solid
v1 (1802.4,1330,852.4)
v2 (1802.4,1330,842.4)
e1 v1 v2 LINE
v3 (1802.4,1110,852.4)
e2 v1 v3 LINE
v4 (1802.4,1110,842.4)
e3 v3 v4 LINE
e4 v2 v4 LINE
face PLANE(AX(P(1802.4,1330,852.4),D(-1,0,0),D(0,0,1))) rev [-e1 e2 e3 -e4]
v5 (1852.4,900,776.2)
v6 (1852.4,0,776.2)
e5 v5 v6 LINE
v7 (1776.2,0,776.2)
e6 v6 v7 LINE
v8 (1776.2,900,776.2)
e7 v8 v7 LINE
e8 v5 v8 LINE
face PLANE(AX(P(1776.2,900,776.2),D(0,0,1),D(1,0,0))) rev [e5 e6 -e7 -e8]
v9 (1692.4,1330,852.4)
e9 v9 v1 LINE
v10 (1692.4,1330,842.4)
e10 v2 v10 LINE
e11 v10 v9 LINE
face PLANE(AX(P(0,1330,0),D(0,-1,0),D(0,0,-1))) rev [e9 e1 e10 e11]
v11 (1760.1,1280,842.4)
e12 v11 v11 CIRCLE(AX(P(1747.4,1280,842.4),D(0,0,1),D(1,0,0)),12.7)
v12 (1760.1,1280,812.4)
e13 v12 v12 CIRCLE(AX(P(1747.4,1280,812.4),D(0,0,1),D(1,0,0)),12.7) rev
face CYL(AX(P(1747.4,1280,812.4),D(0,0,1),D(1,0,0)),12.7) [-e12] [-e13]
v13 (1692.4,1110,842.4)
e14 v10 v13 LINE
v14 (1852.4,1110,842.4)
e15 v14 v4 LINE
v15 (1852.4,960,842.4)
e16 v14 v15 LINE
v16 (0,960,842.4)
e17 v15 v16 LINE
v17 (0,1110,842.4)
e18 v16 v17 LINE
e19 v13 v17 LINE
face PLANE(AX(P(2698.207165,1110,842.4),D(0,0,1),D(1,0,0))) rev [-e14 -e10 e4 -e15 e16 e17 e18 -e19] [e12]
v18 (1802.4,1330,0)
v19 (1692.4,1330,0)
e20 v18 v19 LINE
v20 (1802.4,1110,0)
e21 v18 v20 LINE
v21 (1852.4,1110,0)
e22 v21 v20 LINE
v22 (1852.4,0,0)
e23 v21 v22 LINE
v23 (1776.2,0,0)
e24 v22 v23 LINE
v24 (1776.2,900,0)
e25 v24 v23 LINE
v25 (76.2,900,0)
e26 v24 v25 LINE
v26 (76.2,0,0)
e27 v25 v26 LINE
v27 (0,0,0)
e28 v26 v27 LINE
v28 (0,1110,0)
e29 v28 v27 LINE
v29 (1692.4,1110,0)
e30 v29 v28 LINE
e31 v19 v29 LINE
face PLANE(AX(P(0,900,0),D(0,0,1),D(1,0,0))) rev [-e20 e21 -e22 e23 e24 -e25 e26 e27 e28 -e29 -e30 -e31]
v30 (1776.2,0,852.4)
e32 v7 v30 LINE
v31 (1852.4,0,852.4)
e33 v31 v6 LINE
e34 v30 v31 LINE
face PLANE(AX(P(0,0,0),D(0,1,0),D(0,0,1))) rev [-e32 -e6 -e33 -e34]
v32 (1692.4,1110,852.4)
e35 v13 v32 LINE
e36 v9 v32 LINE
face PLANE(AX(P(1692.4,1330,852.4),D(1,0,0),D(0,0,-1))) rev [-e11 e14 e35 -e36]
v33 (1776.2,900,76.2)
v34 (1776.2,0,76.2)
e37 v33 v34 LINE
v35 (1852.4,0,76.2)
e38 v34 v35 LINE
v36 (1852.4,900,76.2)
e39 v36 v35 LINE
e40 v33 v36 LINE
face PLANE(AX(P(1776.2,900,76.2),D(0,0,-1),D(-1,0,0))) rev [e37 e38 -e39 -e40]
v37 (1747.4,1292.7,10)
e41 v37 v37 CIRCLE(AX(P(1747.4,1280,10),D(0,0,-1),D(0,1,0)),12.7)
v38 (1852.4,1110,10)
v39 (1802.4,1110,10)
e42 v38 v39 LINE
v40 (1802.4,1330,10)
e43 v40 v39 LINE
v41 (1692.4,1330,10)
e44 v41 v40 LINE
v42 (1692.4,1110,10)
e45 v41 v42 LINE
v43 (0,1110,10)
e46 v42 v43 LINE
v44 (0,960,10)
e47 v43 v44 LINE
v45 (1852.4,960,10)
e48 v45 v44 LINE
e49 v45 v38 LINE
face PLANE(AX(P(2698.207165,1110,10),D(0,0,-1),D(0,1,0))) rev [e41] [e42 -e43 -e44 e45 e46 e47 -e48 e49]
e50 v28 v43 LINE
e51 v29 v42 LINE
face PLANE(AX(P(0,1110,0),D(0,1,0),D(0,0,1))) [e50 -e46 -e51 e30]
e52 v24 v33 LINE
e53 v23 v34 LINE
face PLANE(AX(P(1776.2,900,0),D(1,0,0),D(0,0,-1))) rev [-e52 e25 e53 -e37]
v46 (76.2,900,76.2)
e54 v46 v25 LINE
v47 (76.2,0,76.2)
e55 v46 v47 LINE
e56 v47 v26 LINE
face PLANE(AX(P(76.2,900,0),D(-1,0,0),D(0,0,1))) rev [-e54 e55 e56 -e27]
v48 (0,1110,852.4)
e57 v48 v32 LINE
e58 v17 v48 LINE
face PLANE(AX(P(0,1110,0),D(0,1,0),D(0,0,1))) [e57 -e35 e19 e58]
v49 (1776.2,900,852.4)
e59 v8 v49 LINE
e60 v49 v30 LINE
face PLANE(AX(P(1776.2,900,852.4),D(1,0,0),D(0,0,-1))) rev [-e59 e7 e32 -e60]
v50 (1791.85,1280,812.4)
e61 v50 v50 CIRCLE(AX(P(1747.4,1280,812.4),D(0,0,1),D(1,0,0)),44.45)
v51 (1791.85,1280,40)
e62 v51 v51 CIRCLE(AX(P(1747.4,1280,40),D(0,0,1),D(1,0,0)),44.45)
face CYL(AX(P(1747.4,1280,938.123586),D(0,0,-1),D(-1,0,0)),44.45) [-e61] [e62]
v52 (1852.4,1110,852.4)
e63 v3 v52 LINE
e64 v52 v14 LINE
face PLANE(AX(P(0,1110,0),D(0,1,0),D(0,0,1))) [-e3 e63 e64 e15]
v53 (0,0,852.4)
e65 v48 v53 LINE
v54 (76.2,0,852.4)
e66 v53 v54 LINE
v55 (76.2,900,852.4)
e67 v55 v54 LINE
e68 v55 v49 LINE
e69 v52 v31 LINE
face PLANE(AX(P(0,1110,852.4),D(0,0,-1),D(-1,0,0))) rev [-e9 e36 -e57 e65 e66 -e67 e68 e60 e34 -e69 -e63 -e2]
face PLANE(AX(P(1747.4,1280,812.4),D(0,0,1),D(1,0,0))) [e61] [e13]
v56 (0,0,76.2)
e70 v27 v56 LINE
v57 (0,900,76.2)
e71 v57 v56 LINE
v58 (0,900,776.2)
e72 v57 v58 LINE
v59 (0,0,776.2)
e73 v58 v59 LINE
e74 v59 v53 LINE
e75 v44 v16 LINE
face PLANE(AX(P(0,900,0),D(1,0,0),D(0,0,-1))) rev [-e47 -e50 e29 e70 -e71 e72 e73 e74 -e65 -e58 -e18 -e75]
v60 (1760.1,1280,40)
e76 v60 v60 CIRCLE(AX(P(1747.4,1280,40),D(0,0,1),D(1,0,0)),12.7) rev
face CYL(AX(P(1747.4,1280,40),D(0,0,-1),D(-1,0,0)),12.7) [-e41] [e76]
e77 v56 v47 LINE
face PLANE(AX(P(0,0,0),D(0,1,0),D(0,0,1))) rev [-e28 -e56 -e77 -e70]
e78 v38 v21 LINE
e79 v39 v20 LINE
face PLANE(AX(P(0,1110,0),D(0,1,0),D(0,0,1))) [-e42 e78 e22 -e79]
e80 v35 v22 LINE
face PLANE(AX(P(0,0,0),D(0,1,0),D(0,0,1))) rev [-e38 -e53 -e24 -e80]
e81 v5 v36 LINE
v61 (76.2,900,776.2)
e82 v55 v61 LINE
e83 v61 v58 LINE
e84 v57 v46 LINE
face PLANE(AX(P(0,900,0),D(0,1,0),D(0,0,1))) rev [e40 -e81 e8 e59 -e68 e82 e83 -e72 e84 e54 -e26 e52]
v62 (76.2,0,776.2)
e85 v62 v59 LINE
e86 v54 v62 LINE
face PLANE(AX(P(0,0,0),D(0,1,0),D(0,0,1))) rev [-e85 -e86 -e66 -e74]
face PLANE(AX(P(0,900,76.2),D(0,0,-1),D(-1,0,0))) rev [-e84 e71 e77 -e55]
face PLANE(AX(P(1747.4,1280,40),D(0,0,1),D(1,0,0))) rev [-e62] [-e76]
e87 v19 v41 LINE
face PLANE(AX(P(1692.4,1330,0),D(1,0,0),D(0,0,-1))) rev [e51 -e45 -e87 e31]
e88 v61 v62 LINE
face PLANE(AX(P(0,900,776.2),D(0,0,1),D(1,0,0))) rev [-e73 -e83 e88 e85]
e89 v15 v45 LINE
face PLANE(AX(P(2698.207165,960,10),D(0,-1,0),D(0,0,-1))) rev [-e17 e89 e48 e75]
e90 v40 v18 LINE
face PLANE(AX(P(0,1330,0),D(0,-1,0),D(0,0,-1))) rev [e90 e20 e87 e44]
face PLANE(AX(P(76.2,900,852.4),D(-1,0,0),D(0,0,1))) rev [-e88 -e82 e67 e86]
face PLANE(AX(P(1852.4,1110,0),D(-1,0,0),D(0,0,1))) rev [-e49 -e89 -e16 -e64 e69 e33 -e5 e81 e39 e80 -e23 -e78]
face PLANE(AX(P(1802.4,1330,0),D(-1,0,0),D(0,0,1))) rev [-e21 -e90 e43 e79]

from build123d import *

# Parameters (mm, degrees)
CROQUIS2_W                = 76.2
CROQUIS2_H                = 76.2
SALIENTE_EXTRUIR1_DEPTH   = 900
SALIENTE_EXTRUIR1_2_DEPTH = 900
SALIENTE_EXTRUIR1_3_DEPTH = 900
SALIENTE_EXTRUIR1_4_DEPTH = 900
CROQUIS3_W                = 1852.4
CROQUIS3_H                = 852.4
SALIENTE_EXTRUIR2_DEPTH   = 210
CROQUIS4_W                = 832.4
CROQUIS4_H                = 150
CORTAR_EXTRUIR1_DEPTH     = 1852.4
CROQUIS5_W                = 110
CROQUIS5_H                = 10
SALIENTE_EXTRUIR3_DEPTH   = 220
CROQUIS6_R                = 12.7
SALIENTE_EXTRUIR4_DEPTH   = 40
SALIENTE_EXTRUIR5_START   = -40
CROQUIS7_R                = 12.7
SALIENTE_EXTRUIR5_DEPTH   = 40
CROQUIS8_R                = 44.45
SALIENTE_EXTRUIR6_DEPTH   = 772.4


with BuildPart() as part:
    # Croquis2 → Saliente-Extruir1 (new body)
    with BuildSketch(Plane(origin=(0, 0, 0), x_dir=(1, 0, 0), z_dir=(0, 1, 0))):
        with Locations((38.1, -38.1)):
            Rectangle(CROQUIS2_W, CROQUIS2_H)
    extrude(amount=SALIENTE_EXTRUIR1_DEPTH)



with BuildPart() as body_2:
    # Croquis2 → Saliente-Extruir1 2 (new body)
    with BuildSketch(Plane(origin=(0, 0, 0), x_dir=(1, 0, 0), z_dir=(0, 1, 0))):
        with Locations((1814.3, -38.1)):
            Rectangle(CROQUIS2_W, CROQUIS2_H)
    extrude(amount=SALIENTE_EXTRUIR1_2_DEPTH)


with BuildPart() as body_3:
    # Croquis2 → Saliente-Extruir1 3 (new body)
    with BuildSketch(Plane(origin=(0, 0, 0), x_dir=(1, 0, 0), z_dir=(0, 1, 0))):
        with Locations((1814.3, -814.3)):
            Rectangle(CROQUIS2_W, CROQUIS2_H)
    extrude(amount=SALIENTE_EXTRUIR1_3_DEPTH)


with BuildPart() as body_4:
    # Croquis2 → Saliente-Extruir1 4 (new body)
    with BuildSketch(Plane(origin=(0, 0, 0), x_dir=(1, 0, 0), z_dir=(0, 1, 0))):
        with Locations((38.1, -814.3)):
            Rectangle(CROQUIS2_W, CROQUIS2_H)
    extrude(amount=SALIENTE_EXTRUIR1_4_DEPTH)


with BuildPart() as part_1:
    add(part.part)

    add(body_2.part)  # Saliente-Extruir2 merges body 2

    add(body_3.part)  # Saliente-Extruir2 merges body 3

    add(body_4.part)  # Saliente-Extruir2 merges body 4
    # Croquis3 → Saliente-Extruir2 (add)
    with BuildSketch(Plane(origin=(0, 900, 0), x_dir=(1, 0, 0), z_dir=(0, 1, 0))):
        with Locations((926.2, -426.2)):
            Rectangle(CROQUIS3_W, CROQUIS3_H)
    extrude(amount=SALIENTE_EXTRUIR2_DEPTH)

    # Croquis4 → Cortar-Extruir1 (cut)
    with BuildSketch(Plane.ZY):
        with Locations((426.2, 1035)):
            Rectangle(CROQUIS4_W, CROQUIS4_H)
    extrude(amount=-CORTAR_EXTRUIR1_DEPTH, mode=Mode.SUBTRACT)

    # Croquis5 → Saliente-Extruir3 (add)
    with BuildSketch(Plane(origin=(0, 1110, 0), x_dir=(1, 0, 0), z_dir=(0, 1, 0))):
        with Locations((1747.4, -5)):
            Rectangle(CROQUIS5_W, CROQUIS5_H)
        with Locations((1747.4, -847.4)):
            Rectangle(CROQUIS5_W, CROQUIS5_H)
    extrude(amount=SALIENTE_EXTRUIR3_DEPTH)

    # Croquis6 → Saliente-Extruir4 (add)
    with BuildSketch(Plane.XY.offset(852.4)):
        with Locations((1747.4, 1280)):
            Circle(CROQUIS6_R)
    extrude(amount=-SALIENTE_EXTRUIR4_DEPTH)

    # Croquis7 → Saliente-Extruir5 (add)
    with BuildSketch(Plane(origin=(0, 0, 0), x_dir=(-1, 0, 0), z_dir=(0, 0, -1)).offset(SALIENTE_EXTRUIR5_START)):
        with Locations(Location((-1747.4, 1280, 0), (0, 0, 180))):
            Circle(CROQUIS7_R)
    extrude(amount=SALIENTE_EXTRUIR5_DEPTH)

    # Croquis8 → Saliente-Extruir6 (add)
    with BuildSketch(Plane.XY.offset(40)):
        with Locations((1747.4, 1280)):
            Circle(CROQUIS8_R)
    extrude(amount=SALIENTE_EXTRUIR6_DEPTH)


solid = part_1.part
